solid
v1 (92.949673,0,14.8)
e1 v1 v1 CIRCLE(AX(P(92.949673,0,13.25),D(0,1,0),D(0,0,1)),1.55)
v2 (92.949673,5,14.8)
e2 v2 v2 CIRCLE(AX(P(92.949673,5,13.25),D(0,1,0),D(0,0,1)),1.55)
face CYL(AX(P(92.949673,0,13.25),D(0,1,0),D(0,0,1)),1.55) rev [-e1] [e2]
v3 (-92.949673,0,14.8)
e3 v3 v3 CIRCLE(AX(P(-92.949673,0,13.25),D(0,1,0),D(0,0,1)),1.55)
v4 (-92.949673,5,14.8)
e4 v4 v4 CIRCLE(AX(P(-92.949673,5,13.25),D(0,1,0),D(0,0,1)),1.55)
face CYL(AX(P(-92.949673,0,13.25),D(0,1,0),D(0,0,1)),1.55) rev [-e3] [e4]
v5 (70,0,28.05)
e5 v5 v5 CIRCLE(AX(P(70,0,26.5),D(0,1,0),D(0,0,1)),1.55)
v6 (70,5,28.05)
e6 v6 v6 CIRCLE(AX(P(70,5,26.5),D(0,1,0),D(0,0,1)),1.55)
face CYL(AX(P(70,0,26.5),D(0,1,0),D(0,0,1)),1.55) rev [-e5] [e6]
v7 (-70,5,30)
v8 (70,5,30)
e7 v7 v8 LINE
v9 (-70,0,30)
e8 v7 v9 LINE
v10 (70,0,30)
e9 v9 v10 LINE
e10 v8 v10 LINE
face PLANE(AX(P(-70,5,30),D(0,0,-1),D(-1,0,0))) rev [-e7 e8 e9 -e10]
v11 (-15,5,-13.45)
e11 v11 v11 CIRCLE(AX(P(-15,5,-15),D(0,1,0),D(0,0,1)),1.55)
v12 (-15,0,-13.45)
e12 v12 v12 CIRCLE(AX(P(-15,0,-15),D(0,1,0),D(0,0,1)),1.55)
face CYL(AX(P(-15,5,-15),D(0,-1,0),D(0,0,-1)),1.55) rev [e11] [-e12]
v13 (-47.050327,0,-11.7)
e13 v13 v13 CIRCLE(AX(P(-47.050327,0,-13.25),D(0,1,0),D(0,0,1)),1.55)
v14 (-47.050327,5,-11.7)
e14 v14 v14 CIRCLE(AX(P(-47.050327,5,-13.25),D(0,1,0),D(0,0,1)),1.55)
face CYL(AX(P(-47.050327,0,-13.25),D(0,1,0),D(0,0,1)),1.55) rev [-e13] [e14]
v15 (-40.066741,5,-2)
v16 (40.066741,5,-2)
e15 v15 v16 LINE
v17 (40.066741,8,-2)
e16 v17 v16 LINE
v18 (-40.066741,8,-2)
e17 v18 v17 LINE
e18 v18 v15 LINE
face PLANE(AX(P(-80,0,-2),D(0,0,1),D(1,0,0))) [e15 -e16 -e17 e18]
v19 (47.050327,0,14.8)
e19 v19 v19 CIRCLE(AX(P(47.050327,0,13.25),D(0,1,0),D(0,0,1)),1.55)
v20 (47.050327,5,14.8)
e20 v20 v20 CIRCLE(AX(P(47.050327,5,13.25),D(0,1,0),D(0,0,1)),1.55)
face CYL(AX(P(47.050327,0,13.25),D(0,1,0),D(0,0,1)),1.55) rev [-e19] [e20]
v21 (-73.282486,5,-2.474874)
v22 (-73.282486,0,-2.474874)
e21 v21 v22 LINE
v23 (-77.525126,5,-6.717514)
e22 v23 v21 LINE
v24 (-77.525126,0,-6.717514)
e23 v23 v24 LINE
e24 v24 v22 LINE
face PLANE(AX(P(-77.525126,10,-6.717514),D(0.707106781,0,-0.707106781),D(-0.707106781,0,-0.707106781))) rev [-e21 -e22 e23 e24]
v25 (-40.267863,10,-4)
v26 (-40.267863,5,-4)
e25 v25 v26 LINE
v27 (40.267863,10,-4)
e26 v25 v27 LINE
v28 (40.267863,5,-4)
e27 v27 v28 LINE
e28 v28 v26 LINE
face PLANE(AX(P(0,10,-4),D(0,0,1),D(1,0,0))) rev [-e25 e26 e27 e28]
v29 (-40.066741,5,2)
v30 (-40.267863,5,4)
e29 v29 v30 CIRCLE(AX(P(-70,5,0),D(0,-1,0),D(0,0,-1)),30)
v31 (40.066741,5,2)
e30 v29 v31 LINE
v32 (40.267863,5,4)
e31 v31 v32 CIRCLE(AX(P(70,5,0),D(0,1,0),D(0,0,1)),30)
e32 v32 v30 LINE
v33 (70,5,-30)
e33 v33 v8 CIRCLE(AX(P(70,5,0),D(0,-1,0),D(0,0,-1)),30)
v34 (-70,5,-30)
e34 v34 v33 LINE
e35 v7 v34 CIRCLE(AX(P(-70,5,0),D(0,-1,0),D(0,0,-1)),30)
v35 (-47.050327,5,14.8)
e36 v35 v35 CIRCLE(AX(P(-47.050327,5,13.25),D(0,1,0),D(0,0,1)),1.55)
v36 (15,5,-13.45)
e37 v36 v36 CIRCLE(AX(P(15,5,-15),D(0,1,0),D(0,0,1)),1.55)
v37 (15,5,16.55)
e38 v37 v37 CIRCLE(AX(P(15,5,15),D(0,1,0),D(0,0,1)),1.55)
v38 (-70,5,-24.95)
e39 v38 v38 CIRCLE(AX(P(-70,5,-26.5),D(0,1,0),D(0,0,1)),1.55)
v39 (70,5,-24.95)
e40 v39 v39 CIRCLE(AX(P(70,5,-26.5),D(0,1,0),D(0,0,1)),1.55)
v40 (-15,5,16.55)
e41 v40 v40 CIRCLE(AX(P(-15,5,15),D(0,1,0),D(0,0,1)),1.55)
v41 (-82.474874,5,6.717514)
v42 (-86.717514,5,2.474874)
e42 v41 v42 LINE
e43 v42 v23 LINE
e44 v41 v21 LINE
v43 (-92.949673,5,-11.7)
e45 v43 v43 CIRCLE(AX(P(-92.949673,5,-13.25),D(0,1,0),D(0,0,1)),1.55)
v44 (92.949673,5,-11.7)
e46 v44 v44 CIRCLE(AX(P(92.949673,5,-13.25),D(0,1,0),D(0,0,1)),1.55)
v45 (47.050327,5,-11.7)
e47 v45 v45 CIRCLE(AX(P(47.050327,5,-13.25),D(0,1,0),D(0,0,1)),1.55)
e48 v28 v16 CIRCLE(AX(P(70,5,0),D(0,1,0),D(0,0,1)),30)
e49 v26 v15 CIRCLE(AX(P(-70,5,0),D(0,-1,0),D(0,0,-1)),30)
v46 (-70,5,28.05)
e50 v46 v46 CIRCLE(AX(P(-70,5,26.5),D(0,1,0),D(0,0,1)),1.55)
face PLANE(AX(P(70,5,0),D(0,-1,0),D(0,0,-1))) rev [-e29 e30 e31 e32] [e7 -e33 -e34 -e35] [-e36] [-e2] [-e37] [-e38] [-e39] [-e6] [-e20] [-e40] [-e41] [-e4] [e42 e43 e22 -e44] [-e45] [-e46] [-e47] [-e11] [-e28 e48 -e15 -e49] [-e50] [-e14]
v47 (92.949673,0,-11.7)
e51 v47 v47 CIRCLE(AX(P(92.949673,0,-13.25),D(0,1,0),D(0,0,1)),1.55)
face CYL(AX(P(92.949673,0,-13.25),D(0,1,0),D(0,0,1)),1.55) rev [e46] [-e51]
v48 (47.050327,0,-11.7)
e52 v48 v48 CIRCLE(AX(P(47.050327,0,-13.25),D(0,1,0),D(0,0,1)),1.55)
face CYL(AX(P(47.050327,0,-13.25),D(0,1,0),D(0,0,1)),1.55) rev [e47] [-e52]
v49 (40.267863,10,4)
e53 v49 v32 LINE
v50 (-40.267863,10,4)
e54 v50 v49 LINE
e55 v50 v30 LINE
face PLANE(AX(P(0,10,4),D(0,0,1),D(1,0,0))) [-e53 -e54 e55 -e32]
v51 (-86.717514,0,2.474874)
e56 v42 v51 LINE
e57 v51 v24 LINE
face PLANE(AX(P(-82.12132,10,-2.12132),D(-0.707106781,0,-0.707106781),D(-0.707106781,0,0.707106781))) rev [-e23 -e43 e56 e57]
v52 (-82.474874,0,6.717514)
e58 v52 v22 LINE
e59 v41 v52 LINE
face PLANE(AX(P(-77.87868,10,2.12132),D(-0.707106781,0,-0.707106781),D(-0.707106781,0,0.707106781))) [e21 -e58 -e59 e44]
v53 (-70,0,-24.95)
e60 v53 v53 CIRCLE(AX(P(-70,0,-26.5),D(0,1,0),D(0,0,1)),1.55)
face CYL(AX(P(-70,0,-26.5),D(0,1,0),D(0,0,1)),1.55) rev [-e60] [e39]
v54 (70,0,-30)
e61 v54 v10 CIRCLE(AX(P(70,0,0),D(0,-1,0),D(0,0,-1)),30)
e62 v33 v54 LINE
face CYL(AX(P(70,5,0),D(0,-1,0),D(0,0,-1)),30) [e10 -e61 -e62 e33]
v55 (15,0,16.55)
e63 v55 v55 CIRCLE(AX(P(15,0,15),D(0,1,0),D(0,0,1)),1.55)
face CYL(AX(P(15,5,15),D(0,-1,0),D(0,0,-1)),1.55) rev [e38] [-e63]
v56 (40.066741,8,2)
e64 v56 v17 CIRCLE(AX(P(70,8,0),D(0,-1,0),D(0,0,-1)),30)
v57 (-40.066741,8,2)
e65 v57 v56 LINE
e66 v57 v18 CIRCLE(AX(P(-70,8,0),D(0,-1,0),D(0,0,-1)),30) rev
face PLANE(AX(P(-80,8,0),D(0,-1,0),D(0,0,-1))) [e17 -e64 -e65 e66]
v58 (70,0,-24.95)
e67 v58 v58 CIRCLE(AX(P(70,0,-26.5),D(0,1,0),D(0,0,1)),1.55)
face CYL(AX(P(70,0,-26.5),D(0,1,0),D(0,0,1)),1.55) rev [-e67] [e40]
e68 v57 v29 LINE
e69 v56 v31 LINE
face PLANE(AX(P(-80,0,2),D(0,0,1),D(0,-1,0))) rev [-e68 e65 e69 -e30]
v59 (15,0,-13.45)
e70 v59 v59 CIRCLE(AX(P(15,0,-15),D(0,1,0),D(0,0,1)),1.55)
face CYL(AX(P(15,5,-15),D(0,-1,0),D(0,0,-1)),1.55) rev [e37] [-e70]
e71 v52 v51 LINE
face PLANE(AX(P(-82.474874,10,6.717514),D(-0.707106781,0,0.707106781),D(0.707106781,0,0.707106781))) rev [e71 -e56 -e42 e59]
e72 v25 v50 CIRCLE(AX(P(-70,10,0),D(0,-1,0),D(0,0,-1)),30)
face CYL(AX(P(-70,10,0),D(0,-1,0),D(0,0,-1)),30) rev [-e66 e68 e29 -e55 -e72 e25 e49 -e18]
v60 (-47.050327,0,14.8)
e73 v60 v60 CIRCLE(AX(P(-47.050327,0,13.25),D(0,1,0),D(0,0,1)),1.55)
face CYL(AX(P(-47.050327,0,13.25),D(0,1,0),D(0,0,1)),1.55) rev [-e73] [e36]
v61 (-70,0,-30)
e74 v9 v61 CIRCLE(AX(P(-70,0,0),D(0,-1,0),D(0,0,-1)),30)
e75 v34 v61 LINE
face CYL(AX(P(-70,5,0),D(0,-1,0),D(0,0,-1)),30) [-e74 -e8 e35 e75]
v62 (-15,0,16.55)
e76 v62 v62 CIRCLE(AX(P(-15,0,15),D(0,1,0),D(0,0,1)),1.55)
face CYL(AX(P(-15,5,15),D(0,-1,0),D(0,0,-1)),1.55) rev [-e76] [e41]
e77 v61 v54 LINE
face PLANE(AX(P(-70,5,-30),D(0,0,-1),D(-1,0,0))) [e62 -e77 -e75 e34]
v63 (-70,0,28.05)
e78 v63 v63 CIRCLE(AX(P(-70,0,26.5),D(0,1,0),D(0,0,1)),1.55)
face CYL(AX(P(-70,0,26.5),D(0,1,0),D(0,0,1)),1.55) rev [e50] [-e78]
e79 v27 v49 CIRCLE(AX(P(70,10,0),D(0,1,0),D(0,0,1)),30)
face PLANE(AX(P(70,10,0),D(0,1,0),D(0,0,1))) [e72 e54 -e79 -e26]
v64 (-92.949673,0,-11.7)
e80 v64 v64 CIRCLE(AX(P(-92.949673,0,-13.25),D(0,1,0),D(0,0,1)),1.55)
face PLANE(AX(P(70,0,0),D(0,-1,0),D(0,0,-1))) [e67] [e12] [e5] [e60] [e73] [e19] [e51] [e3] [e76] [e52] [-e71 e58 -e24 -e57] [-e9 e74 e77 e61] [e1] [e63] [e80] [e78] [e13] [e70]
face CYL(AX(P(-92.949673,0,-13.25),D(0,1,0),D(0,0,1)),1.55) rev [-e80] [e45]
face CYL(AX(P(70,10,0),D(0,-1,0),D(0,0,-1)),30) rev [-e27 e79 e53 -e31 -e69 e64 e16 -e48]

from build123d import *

# Parameters (mm, degrees)
SKETCH_1_R          = 1.55
EXTRUDE_2_DEPTH     = 5
SKETCH_2_R          = 1.55
CUT_EXTRUDE_2_DEPTH = 5
SKETCH_3_W          = 20
SKETCH_3_H          = 20
EXTRUDE_4_DEPTH     = 5
EXTRUDE_5_DEPTH     = 5
EXTRUDE_6_DEPTH     = 5
CUT_EXTRUDE_3_DEPTH = 150
SKETCH_8_W          = 8
SKETCH_8_H          = 5
CUT_EXTRUDE_4_DEPTH = 10
CUT_EXTRUDE_5_DEPTH = 10


with BuildPart() as part:
    # 草图1 → 凸台-拉伸2 (new body)
    with BuildSketch(Plane(origin=(0, 0, 0), x_dir=(1, 0, 0), z_dir=(0, 1, 0))):
        with BuildLine():
            Line((-70, 30), (70, 30))
            ThreePointArc((70, 30), (100, 0), (70, -30))
            Line((70, -30), (-70, -30))
            ThreePointArc((-70, -30), (-100, 0), (-70, 30))
        make_face()
        with Locations(Location((-15, 15, 0), (0, 0, 270))):
            Circle(SKETCH_1_R, mode=Mode.SUBTRACT)
        with Locations(Location((15, 15, 0), (0, 0, 270))):
            Circle(SKETCH_1_R, mode=Mode.SUBTRACT)
        with Locations(Location((15, -15, 0), (0, 0, 270))):
            Circle(SKETCH_1_R, mode=Mode.SUBTRACT)
        with Locations(Location((-15, -15, 0), (0, 0, 270))):
            Circle(SKETCH_1_R, mode=Mode.SUBTRACT)
        Polygon((-90, 0), (-90, 10), (-70, 10), (-70, -10), (-90, -10), align=None, mode=Mode.SUBTRACT)
        Polygon((90, 0), (90, 10), (70, 10), (70, -10), (90, -10), align=None, mode=Mode.SUBTRACT)
    extrude(amount=EXTRUDE_2_DEPTH)

    # 草图2 → 切除-拉伸2 (cut)
    with BuildSketch(Plane(origin=(0, 5, 0), x_dir=(1, 0, 0), z_dir=(0, 1, 0))):
        with Locations(Location((-70, 26.5, 0), (0, 0, 270))):
            Circle(SKETCH_2_R)
        with Locations(Location((-92.9496732, 13.25, 0), (0, 0, 270))):
            Circle(SKETCH_2_R)
        with Locations(Location((-92.9496732, -13.25, 0), (0, 0, 270))):
            Circle(SKETCH_2_R)
        with Locations(Location((-70, -26.5, 0), (0, 0, 270))):
            Circle(SKETCH_2_R)
        with Locations(Location((-47.0503268, -13.25, 0), (0, 0, 270))):
            Circle(SKETCH_2_R)
        with Locations(Location((-47.0503268, 13.25, 0), (0, 0, 270))):
            Circle(SKETCH_2_R)
        with Locations(Location((92.9496732, 13.25, 0), (0, 0, 270))):
            Circle(SKETCH_2_R)
        with Locations(Location((92.9496732, -13.25, 0), (0, 0, 270))):
            Circle(SKETCH_2_R)
        with Locations(Location((70, -26.5, 0), (0, 0, 270))):
            Circle(SKETCH_2_R)
        with Locations(Location((47.0503268, -13.25, 0), (0, 0, 270))):
            Circle(SKETCH_2_R)
        with Locations(Location((47.0503268, 13.25, 0), (0, 0, 270))):
            Circle(SKETCH_2_R)
        with Locations(Location((70, 26.5, 0), (0, 0, 270))):
            Circle(SKETCH_2_R)
    extrude(amount=-CUT_EXTRUDE_2_DEPTH, mode=Mode.SUBTRACT)

    # 草图3 → 凸台-拉伸4 (add)
    with BuildSketch(Plane(origin=(0, 5, 0), x_dir=(1, 0, 0), z_dir=(0, 1, 0))):
        with Locations((-80, 0)):
            Rectangle(SKETCH_3_W, SKETCH_3_H)
        with Locations((80, 0)):
            Rectangle(SKETCH_3_W, SKETCH_3_H)
    extrude(amount=-EXTRUDE_4_DEPTH)

    # 草图4 → 凸台-拉伸5 (add)
    with BuildSketch(Plane(origin=(0, 5, 0), x_dir=(1, 0, 0), z_dir=(0, 1, 0))):
        with BuildLine():
            Line((0, 4), (40.267862505, 4))
            ThreePointArc((40.267862505, 4), (40, 0), (40.267862505, -4))
            Line((40.267862505, -4), (0, -4))
            Line((0, -4), (-40.267862505, -4))
            ThreePointArc((-40.267862505, -4), (-40, 0), (-40.267862505, 4))
            Line((-40.267862505, 4), (0, 4))
        make_face()
    extrude(amount=EXTRUDE_5_DEPTH)

    # 草图6 → 凸台-拉伸6 (add)
    with BuildSketch(Plane(origin=(0, 5, 0), x_dir=(1, 0, 0), z_dir=(0, 1, 0))):
        Polygon((63.550267448, 4), (70, 4), (70, 0), (70, -4), (63.550267448, -4), align=None)
    extrude(amount=EXTRUDE_6_DEPTH)

    # 草图7 → 切除-拉伸3 (cut)
    with BuildSketch(Plane(origin=(70, 0, 0), x_dir=(0, 0, -1), z_dir=(1, 0, 0))):
        Polygon((2, 8), (0, 8), (-2, 8), (-2, 5), (0, 5), (2, 5), align=None)
    extrude(amount=-CUT_EXTRUDE_3_DEPTH, mode=Mode.SUBTRACT)

    # 草图8 → 切除-拉伸4 (cut)
    with BuildSketch(Plane(origin=(70, 0, 0), x_dir=(0, 0, -1), z_dir=(1, 0, 0))):
        with Locations((0, 7.5)):
            Rectangle(SKETCH_8_W, SKETCH_8_H)
    extrude(amount=-CUT_EXTRUDE_4_DEPTH, mode=Mode.SUBTRACT)

    # 草图9 → 切除-拉伸5 (cut)
    with BuildSketch(Plane.XZ):
        Polygon((-82.121320344, -2.121320344), (-86.717514421, 2.474873734), (-82.474873734, 6.717514421), (-77.878679656, 2.121320344), (-73.282485579, -2.474873734), (-77.525126266, -6.717514421), align=None)
    extrude(amount=-CUT_EXTRUDE_5_DEPTH, mode=Mode.SUBTRACT)


solid = part.part
